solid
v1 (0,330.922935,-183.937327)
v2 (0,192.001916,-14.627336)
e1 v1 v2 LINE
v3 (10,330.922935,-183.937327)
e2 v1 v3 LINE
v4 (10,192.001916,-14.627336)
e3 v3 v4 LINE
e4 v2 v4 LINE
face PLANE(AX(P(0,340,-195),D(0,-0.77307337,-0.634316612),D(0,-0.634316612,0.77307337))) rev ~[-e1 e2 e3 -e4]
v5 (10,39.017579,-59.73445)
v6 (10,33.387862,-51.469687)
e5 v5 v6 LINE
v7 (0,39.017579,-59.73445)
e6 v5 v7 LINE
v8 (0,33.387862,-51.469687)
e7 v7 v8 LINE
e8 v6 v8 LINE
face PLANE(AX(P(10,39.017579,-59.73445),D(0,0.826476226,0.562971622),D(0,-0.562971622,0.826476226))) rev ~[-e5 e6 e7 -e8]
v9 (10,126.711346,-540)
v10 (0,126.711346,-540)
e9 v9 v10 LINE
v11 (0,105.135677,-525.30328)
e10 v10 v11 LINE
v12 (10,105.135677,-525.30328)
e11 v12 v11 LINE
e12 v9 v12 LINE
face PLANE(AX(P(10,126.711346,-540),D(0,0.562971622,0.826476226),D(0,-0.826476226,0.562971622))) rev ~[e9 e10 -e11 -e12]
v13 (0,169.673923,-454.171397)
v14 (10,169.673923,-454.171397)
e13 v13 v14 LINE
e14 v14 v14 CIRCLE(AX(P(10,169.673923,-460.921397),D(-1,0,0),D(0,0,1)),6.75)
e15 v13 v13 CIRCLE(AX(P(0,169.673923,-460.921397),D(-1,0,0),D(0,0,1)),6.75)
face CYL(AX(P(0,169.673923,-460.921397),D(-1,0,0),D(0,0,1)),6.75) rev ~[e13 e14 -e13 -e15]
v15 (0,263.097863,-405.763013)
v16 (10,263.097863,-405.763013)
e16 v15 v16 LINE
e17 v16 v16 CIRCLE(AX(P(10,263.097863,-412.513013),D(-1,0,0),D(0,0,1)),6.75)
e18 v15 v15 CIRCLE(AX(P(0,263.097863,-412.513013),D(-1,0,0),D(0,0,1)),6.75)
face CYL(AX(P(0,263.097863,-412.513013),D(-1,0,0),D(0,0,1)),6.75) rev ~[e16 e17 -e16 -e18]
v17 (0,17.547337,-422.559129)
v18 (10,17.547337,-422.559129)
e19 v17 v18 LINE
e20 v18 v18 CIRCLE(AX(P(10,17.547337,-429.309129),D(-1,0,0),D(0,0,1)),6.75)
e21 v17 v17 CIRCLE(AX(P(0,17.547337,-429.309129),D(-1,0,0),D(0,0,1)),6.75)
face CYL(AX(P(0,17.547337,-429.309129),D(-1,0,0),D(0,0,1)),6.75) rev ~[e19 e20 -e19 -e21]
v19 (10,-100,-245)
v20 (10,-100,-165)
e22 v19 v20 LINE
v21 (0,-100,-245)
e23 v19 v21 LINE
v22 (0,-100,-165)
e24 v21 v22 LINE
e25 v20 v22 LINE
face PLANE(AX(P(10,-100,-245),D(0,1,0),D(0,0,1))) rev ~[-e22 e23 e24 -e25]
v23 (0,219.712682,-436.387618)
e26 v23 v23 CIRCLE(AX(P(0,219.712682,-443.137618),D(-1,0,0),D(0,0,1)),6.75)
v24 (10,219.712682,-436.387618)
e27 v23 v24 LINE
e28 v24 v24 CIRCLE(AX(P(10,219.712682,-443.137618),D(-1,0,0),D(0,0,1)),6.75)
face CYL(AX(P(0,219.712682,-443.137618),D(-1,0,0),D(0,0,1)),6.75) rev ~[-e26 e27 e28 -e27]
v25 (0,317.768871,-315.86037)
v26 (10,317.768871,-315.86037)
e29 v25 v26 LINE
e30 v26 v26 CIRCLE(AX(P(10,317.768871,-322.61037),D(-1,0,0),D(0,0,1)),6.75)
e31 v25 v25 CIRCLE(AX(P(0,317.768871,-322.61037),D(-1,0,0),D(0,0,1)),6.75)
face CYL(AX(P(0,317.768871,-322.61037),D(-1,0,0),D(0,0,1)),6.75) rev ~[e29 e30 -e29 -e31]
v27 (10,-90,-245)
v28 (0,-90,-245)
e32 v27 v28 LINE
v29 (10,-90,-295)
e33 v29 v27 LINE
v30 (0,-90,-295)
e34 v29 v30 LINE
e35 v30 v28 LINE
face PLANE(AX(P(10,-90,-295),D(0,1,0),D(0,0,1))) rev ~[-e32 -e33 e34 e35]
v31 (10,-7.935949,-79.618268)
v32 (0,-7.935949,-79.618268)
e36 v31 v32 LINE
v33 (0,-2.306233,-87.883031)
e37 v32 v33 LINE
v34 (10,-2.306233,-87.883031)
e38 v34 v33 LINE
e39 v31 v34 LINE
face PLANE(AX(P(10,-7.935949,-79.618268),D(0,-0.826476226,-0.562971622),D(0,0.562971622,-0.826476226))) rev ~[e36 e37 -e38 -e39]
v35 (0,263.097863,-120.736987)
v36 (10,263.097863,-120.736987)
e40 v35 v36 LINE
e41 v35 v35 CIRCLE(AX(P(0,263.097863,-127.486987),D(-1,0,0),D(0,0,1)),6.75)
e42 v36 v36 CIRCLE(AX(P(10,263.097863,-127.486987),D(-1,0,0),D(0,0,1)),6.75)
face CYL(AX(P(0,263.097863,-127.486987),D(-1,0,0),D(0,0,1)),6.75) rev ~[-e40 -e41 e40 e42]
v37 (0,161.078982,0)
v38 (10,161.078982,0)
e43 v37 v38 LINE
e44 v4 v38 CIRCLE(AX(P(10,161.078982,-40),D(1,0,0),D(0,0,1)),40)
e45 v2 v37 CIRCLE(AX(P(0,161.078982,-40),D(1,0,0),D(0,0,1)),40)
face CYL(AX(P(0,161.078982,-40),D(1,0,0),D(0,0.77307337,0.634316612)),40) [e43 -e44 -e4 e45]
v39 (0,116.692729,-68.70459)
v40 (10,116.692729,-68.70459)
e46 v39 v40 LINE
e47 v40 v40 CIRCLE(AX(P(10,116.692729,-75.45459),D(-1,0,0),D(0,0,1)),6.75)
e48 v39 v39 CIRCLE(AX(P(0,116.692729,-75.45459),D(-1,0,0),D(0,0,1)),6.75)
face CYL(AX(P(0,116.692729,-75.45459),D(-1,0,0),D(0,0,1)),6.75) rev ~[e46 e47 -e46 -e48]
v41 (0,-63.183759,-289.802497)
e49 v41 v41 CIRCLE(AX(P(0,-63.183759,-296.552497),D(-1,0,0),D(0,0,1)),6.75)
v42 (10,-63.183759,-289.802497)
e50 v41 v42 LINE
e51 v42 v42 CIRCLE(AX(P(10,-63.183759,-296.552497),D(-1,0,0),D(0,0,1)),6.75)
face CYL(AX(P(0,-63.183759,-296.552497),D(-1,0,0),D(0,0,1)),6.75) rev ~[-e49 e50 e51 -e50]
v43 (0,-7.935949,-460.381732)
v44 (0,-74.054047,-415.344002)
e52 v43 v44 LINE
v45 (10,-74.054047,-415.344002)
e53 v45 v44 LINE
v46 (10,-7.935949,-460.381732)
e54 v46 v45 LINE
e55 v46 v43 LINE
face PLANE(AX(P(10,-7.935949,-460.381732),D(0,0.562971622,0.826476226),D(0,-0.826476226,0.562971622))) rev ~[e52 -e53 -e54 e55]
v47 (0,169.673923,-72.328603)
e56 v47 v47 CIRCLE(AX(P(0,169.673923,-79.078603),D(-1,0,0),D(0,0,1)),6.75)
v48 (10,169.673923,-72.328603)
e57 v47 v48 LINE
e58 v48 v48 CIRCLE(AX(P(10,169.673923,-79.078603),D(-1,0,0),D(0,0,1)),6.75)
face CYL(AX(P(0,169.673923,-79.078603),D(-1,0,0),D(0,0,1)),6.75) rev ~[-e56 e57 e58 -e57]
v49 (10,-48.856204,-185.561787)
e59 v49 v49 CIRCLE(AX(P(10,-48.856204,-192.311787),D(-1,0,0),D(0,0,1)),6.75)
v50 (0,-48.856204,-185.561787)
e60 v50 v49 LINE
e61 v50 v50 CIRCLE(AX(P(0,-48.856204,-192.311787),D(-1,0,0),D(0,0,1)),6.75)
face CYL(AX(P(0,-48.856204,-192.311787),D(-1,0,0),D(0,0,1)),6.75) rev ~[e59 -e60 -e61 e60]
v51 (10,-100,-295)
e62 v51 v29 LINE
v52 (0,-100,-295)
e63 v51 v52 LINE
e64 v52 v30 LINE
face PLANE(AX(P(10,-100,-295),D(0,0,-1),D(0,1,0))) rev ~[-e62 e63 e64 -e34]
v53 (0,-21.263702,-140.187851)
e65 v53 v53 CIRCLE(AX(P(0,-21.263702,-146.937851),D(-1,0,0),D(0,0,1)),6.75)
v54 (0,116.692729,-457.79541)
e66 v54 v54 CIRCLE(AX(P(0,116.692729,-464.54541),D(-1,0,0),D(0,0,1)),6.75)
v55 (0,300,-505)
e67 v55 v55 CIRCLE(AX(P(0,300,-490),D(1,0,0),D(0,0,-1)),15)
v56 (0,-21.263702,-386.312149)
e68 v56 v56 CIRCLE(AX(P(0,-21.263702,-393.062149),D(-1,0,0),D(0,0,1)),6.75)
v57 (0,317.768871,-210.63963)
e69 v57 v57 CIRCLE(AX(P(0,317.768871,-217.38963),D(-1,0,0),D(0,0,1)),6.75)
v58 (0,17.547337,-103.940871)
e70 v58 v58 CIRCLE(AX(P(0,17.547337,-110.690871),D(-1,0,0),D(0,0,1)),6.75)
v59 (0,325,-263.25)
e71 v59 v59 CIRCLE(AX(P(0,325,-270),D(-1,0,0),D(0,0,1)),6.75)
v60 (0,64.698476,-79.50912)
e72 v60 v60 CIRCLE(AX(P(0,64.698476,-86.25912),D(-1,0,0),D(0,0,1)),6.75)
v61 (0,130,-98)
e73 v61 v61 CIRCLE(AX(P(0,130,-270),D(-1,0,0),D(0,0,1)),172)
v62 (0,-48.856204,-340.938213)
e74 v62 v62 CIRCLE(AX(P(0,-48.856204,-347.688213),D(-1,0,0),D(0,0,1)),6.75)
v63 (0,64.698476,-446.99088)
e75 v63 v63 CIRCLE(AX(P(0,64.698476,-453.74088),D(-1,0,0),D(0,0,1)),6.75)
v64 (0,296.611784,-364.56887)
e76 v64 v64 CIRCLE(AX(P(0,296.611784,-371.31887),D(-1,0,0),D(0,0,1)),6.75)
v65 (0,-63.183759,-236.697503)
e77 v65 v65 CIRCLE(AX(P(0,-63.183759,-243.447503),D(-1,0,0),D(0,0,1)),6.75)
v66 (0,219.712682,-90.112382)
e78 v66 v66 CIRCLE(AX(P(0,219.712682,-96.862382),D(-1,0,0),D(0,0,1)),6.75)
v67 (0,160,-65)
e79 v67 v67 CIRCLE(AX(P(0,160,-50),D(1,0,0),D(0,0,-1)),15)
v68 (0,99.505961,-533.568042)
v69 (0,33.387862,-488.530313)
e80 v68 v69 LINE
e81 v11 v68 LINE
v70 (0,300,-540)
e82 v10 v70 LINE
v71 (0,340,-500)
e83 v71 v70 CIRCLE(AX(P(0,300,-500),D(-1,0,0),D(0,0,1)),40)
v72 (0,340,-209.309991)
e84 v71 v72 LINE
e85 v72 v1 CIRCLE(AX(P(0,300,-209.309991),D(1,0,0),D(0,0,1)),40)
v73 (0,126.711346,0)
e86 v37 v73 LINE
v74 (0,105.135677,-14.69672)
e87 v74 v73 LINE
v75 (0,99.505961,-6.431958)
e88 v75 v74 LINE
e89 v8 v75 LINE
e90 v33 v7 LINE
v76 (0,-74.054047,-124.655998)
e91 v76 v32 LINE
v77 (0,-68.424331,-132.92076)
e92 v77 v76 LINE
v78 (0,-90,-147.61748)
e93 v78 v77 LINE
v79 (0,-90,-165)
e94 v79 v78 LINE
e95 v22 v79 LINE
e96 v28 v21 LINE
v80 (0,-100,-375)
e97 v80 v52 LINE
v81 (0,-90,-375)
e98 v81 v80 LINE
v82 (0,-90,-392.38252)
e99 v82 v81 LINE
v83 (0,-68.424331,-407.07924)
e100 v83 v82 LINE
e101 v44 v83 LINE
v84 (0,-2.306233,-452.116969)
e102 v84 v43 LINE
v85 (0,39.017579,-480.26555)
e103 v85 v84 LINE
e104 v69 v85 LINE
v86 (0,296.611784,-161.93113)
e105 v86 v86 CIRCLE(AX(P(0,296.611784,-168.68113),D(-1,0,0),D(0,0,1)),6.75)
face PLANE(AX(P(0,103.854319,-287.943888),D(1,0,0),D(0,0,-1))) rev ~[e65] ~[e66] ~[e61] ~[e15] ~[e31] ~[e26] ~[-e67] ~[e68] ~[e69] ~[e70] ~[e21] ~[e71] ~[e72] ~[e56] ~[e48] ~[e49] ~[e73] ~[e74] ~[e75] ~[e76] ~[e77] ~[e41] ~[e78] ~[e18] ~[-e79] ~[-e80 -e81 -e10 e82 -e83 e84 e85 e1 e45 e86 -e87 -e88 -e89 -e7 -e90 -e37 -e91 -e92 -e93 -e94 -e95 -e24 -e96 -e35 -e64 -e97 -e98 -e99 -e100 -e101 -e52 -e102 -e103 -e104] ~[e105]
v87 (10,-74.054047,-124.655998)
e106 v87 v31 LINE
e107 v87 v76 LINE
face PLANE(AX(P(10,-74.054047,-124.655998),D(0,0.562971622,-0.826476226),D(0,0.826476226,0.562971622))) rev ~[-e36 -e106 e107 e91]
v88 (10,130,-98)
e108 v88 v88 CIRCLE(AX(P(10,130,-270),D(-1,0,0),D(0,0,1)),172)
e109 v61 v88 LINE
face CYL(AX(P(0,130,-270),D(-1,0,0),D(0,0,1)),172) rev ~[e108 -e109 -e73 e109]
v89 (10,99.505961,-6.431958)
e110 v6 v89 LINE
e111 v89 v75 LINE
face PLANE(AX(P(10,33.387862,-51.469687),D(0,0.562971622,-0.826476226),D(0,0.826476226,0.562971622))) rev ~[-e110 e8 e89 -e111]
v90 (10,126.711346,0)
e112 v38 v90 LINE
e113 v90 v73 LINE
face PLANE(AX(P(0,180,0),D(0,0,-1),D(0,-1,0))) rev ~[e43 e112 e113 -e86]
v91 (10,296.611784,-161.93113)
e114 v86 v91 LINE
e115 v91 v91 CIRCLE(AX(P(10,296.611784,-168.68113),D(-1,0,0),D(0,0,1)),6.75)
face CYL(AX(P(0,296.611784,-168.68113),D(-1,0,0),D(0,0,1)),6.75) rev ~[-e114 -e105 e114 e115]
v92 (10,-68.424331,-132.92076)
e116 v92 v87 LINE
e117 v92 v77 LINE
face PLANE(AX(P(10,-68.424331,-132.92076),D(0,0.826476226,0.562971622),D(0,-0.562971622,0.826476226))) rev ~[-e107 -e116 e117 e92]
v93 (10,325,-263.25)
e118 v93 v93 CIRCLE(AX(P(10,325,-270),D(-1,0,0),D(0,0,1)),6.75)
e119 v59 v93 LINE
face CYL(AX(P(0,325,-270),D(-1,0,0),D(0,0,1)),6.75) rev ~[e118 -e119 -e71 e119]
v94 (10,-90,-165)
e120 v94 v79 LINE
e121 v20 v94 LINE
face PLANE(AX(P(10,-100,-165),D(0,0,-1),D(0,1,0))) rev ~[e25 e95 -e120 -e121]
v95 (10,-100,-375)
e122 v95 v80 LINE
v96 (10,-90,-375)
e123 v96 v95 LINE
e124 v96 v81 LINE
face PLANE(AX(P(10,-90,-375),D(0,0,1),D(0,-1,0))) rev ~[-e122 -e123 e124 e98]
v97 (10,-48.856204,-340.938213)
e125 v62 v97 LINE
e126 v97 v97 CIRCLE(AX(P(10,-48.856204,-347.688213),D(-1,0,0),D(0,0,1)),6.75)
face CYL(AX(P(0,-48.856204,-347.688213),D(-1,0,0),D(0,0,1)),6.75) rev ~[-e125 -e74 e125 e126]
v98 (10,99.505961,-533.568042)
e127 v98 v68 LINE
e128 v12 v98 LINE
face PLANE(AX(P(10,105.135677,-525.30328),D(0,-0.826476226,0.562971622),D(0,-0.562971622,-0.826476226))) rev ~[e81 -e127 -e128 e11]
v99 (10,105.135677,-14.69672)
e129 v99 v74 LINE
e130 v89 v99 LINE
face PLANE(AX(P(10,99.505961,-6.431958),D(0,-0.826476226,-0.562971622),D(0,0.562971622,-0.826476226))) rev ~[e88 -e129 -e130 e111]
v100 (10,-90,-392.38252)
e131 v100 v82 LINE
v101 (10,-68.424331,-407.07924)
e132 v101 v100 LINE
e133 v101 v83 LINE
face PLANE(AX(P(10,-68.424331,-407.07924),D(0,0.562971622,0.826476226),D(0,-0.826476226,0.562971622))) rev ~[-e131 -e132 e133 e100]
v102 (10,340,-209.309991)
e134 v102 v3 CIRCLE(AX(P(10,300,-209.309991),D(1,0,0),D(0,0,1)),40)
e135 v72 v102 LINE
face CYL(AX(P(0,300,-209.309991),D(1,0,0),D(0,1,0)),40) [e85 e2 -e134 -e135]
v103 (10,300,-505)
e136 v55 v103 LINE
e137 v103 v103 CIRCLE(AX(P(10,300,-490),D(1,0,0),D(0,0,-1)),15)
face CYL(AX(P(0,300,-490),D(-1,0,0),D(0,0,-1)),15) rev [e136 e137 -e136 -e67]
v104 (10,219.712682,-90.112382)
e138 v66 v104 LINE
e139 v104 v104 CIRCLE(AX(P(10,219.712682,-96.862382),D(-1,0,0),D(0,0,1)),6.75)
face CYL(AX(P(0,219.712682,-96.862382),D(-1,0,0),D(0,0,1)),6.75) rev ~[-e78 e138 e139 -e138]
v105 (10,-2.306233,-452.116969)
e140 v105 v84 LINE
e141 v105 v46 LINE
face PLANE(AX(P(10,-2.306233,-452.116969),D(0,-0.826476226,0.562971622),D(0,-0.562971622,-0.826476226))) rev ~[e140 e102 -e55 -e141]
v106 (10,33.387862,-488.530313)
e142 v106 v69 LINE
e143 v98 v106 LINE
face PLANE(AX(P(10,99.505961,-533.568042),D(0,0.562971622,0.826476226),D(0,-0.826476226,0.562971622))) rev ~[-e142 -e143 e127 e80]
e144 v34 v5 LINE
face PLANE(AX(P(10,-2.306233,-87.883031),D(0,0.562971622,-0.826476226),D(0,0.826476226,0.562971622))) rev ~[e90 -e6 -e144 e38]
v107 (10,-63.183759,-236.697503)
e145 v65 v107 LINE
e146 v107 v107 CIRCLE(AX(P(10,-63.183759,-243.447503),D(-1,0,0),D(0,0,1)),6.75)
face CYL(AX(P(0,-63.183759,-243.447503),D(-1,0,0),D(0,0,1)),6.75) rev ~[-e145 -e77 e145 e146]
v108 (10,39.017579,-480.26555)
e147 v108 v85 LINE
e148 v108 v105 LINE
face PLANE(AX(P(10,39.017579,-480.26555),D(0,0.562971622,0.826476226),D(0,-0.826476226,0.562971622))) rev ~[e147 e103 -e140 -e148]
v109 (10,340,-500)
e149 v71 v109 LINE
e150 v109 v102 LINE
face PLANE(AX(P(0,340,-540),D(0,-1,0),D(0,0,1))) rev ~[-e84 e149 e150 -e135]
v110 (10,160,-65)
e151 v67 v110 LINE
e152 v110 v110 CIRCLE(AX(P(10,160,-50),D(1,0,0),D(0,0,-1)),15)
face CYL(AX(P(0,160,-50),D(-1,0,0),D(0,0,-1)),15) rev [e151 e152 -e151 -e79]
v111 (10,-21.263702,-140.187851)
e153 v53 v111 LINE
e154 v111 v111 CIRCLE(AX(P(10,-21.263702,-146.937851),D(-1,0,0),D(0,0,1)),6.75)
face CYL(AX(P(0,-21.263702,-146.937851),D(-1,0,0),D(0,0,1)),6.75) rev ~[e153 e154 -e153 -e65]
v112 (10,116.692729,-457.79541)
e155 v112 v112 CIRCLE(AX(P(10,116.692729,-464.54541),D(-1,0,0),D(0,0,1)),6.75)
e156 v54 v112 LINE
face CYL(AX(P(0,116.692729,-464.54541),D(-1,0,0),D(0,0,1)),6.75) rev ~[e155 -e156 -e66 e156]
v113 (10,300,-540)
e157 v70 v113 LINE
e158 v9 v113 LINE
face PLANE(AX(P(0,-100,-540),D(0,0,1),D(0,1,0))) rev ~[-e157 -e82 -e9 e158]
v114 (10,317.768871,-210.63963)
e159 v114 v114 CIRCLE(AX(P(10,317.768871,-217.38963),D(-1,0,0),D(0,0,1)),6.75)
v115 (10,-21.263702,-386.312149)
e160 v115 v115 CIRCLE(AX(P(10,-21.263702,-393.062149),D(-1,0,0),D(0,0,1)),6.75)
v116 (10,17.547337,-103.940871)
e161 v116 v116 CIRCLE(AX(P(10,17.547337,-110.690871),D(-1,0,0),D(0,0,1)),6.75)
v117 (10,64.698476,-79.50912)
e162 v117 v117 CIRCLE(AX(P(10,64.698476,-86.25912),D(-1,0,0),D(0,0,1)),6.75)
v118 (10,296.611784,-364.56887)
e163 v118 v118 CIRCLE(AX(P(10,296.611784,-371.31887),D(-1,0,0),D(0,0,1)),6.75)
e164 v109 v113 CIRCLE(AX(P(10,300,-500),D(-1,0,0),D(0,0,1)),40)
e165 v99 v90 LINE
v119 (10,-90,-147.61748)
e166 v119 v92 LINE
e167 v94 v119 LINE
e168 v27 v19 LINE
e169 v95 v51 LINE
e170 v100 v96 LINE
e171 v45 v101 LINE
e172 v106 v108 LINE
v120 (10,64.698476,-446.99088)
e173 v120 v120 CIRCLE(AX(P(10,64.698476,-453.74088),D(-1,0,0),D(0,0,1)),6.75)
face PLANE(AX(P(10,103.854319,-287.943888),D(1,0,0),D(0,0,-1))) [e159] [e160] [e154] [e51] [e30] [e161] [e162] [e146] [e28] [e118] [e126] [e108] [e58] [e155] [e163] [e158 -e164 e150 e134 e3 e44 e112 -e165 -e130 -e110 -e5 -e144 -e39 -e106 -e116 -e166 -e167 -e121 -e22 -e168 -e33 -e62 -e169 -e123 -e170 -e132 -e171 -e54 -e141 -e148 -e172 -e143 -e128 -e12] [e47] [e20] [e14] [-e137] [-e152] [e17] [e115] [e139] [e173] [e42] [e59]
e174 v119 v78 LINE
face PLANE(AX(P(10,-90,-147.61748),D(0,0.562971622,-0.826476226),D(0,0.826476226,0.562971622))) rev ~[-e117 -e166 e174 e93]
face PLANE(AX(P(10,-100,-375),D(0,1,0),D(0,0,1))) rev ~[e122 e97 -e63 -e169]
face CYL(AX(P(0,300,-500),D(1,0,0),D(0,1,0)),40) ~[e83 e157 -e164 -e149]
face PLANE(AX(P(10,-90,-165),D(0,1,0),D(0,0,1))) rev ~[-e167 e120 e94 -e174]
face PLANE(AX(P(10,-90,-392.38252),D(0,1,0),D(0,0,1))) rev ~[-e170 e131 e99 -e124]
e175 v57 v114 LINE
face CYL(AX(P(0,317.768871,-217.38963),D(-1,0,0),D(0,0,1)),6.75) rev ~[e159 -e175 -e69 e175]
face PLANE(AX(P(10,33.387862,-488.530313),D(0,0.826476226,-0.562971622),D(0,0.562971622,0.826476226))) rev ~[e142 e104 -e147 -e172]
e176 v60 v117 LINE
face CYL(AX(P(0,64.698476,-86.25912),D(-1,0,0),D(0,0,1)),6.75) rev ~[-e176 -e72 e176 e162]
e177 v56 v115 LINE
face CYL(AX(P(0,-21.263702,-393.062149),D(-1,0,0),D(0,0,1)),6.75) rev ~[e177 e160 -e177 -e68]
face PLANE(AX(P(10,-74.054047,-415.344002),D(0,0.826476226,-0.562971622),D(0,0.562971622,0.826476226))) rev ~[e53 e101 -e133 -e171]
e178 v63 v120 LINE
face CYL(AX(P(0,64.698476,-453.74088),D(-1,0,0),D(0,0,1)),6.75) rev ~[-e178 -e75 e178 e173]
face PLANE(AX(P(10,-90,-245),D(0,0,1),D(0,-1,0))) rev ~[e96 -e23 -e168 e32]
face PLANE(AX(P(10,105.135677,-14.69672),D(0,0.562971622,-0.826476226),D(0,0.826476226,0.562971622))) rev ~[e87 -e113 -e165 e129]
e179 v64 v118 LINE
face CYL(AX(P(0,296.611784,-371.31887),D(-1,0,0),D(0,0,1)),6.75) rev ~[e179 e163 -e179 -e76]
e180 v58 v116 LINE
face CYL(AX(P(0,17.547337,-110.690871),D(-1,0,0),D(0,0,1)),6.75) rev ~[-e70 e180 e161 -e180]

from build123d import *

# Parameters (mm, degrees)
ESQUISSE1_R             = 15
BOSS_EXTRU_1_DEPTH      = 10
ESQUISSE5_R             = 6.75
ESQUISSE5_R_2           = 172
ENL_V_MAT_EXTRU_1_DEPTH = 10
CONG_1_R                = 40
ENL_V_MAT_EXTRU_2_DEPTH = 10


with BuildPart() as part:
    # Esquisse1 → Boss.-Extru.1 (new body)
    with BuildSketch(Plane(origin=(0, 0, 0), x_dir=(0, 0, -1), z_dir=(1, 0, 0))):
        Polygon((540, 0), (540, 340), (195, 340), (0, 180), (0, 0), (0, -100), (540, -100), align=None)
        with Locations((490, 300)):
            Circle(ESQUISSE1_R, mode=Mode.SUBTRACT)
        with Locations((50, 160)):
            Circle(ESQUISSE1_R, mode=Mode.SUBTRACT)
    extrude(amount=BOSS_EXTRU_1_DEPTH)

    # Esquisse5 → Enlèv. mat.-Extru.1 (cut)
    with BuildSketch(Plane.ZY):
        with Locations((-270, 325)):
            Circle(ESQUISSE5_R)
        with Locations((-217.389629624, 317.768871033)):
            Circle(ESQUISSE5_R)
        with Locations((-270, 130)):
            Circle(ESQUISSE5_R_2)
        with Locations((-168.681129743, 296.611783887)):
            Circle(ESQUISSE5_R)
        with Locations((-127.486986966, 263.097862928)):
            Circle(ESQUISSE5_R)
        with Locations((-96.862382412, 219.712682358)):
            Circle(ESQUISSE5_R)
        with Locations((-79.078602902, 169.673922545)):
            Circle(ESQUISSE5_R)
        with Locations((-75.454590008, 116.692729394)):
            Circle(ESQUISSE5_R)
        with Locations((-86.259120187, 64.698475627)):
            Circle(ESQUISSE5_R)
        with Locations((-110.690870863, 17.547337188)):
            Circle(ESQUISSE5_R)
        with Locations((-146.937850856, -21.263701687)):
            Circle(ESQUISSE5_R)
        with Locations((-192.31178748, -48.856203794)):
            Circle(ESQUISSE5_R)
        with Locations((-243.447503426, -63.183759477)):
            Circle(ESQUISSE5_R)
        with Locations((-296.552496574, -63.183759477)):
            Circle(ESQUISSE5_R)
        with Locations((-347.68821252, -48.856203794)):
            Circle(ESQUISSE5_R)
        with Locations((-393.062149144, -21.263701687)):
            Circle(ESQUISSE5_R)
        with Locations((-429.309129137, 17.547337188)):
            Circle(ESQUISSE5_R)
        with Locations((-453.740879813, 64.698475627)):
            Circle(ESQUISSE5_R)
        with Locations((-464.545409992, 116.692729394)):
            Circle(ESQUISSE5_R)
        with Locations((-460.921397098, 169.673922545)):
            Circle(ESQUISSE5_R)
        with Locations((-443.137617588, 219.712682358)):
            Circle(ESQUISSE5_R)
        with Locations((-412.513013034, 263.097862928)):
            Circle(ESQUISSE5_R)
        with Locations((-371.318870257, 296.611783887)):
            Circle(ESQUISSE5_R)
        with Locations((-322.610370376, 317.768871033)):
            Circle(ESQUISSE5_R)
        Polygon((-397.670371572, -100), (-142.329628428, -100), (0, 108.948461295), (0, -195.189428583), (-540, -195.189428583), (-540, 108.948461295), align=None)
    extrude(amount=-ENL_V_MAT_EXTRU_1_DEPTH, mode=Mode.SUBTRACT)

    # Congé1
    cong_1_edges = [part.edges().sort_by_distance(p)[0] for p in [
        (5, 180, 0),
        (5, 340, -195),
        (5, 340, -540),
    ]]
    fillet(cong_1_edges, radius=CONG_1_R)

    # Esquisse6 → Enlèv. mat.-Extru.2 (cut)
    with BuildSketch(Plane(origin=(10, 0, 0), x_dir=(0, 0, -1), z_dir=(1, 0, 0))):
        Polygon((540, -146.209782651), (540, 126.711345971), (525.303280223, 105.135676749), (533.568042486, 99.505960528), (488.530312716, 33.387862422), (480.265550453, 39.017578643), (452.116969346, -2.306232673), (460.381731609, -7.935948894), (415.344001839, -74.054047), (407.079239575, -68.424330778), (392.382519799, -90), (375, -90), (375, -100), (295, -100), (295, -90), (245, -90), (245, -100), (165, -100), (165, -90), (147.617480201, -90), (132.920760425, -68.424330778), (124.655998161, -74.054047), (79.618268391, -7.935948894), (87.883030654, -2.306232673), (59.734449547, 39.017578643), (51.469687284, 33.387862422), (6.431957514, 99.505960528), (14.696719777, 105.135676749), (0, 126.711345971), (0, -146.209782651), align=None)
    extrude(amount=-ENL_V_MAT_EXTRU_2_DEPTH, mode=Mode.SUBTRACT)


solid = part.part
